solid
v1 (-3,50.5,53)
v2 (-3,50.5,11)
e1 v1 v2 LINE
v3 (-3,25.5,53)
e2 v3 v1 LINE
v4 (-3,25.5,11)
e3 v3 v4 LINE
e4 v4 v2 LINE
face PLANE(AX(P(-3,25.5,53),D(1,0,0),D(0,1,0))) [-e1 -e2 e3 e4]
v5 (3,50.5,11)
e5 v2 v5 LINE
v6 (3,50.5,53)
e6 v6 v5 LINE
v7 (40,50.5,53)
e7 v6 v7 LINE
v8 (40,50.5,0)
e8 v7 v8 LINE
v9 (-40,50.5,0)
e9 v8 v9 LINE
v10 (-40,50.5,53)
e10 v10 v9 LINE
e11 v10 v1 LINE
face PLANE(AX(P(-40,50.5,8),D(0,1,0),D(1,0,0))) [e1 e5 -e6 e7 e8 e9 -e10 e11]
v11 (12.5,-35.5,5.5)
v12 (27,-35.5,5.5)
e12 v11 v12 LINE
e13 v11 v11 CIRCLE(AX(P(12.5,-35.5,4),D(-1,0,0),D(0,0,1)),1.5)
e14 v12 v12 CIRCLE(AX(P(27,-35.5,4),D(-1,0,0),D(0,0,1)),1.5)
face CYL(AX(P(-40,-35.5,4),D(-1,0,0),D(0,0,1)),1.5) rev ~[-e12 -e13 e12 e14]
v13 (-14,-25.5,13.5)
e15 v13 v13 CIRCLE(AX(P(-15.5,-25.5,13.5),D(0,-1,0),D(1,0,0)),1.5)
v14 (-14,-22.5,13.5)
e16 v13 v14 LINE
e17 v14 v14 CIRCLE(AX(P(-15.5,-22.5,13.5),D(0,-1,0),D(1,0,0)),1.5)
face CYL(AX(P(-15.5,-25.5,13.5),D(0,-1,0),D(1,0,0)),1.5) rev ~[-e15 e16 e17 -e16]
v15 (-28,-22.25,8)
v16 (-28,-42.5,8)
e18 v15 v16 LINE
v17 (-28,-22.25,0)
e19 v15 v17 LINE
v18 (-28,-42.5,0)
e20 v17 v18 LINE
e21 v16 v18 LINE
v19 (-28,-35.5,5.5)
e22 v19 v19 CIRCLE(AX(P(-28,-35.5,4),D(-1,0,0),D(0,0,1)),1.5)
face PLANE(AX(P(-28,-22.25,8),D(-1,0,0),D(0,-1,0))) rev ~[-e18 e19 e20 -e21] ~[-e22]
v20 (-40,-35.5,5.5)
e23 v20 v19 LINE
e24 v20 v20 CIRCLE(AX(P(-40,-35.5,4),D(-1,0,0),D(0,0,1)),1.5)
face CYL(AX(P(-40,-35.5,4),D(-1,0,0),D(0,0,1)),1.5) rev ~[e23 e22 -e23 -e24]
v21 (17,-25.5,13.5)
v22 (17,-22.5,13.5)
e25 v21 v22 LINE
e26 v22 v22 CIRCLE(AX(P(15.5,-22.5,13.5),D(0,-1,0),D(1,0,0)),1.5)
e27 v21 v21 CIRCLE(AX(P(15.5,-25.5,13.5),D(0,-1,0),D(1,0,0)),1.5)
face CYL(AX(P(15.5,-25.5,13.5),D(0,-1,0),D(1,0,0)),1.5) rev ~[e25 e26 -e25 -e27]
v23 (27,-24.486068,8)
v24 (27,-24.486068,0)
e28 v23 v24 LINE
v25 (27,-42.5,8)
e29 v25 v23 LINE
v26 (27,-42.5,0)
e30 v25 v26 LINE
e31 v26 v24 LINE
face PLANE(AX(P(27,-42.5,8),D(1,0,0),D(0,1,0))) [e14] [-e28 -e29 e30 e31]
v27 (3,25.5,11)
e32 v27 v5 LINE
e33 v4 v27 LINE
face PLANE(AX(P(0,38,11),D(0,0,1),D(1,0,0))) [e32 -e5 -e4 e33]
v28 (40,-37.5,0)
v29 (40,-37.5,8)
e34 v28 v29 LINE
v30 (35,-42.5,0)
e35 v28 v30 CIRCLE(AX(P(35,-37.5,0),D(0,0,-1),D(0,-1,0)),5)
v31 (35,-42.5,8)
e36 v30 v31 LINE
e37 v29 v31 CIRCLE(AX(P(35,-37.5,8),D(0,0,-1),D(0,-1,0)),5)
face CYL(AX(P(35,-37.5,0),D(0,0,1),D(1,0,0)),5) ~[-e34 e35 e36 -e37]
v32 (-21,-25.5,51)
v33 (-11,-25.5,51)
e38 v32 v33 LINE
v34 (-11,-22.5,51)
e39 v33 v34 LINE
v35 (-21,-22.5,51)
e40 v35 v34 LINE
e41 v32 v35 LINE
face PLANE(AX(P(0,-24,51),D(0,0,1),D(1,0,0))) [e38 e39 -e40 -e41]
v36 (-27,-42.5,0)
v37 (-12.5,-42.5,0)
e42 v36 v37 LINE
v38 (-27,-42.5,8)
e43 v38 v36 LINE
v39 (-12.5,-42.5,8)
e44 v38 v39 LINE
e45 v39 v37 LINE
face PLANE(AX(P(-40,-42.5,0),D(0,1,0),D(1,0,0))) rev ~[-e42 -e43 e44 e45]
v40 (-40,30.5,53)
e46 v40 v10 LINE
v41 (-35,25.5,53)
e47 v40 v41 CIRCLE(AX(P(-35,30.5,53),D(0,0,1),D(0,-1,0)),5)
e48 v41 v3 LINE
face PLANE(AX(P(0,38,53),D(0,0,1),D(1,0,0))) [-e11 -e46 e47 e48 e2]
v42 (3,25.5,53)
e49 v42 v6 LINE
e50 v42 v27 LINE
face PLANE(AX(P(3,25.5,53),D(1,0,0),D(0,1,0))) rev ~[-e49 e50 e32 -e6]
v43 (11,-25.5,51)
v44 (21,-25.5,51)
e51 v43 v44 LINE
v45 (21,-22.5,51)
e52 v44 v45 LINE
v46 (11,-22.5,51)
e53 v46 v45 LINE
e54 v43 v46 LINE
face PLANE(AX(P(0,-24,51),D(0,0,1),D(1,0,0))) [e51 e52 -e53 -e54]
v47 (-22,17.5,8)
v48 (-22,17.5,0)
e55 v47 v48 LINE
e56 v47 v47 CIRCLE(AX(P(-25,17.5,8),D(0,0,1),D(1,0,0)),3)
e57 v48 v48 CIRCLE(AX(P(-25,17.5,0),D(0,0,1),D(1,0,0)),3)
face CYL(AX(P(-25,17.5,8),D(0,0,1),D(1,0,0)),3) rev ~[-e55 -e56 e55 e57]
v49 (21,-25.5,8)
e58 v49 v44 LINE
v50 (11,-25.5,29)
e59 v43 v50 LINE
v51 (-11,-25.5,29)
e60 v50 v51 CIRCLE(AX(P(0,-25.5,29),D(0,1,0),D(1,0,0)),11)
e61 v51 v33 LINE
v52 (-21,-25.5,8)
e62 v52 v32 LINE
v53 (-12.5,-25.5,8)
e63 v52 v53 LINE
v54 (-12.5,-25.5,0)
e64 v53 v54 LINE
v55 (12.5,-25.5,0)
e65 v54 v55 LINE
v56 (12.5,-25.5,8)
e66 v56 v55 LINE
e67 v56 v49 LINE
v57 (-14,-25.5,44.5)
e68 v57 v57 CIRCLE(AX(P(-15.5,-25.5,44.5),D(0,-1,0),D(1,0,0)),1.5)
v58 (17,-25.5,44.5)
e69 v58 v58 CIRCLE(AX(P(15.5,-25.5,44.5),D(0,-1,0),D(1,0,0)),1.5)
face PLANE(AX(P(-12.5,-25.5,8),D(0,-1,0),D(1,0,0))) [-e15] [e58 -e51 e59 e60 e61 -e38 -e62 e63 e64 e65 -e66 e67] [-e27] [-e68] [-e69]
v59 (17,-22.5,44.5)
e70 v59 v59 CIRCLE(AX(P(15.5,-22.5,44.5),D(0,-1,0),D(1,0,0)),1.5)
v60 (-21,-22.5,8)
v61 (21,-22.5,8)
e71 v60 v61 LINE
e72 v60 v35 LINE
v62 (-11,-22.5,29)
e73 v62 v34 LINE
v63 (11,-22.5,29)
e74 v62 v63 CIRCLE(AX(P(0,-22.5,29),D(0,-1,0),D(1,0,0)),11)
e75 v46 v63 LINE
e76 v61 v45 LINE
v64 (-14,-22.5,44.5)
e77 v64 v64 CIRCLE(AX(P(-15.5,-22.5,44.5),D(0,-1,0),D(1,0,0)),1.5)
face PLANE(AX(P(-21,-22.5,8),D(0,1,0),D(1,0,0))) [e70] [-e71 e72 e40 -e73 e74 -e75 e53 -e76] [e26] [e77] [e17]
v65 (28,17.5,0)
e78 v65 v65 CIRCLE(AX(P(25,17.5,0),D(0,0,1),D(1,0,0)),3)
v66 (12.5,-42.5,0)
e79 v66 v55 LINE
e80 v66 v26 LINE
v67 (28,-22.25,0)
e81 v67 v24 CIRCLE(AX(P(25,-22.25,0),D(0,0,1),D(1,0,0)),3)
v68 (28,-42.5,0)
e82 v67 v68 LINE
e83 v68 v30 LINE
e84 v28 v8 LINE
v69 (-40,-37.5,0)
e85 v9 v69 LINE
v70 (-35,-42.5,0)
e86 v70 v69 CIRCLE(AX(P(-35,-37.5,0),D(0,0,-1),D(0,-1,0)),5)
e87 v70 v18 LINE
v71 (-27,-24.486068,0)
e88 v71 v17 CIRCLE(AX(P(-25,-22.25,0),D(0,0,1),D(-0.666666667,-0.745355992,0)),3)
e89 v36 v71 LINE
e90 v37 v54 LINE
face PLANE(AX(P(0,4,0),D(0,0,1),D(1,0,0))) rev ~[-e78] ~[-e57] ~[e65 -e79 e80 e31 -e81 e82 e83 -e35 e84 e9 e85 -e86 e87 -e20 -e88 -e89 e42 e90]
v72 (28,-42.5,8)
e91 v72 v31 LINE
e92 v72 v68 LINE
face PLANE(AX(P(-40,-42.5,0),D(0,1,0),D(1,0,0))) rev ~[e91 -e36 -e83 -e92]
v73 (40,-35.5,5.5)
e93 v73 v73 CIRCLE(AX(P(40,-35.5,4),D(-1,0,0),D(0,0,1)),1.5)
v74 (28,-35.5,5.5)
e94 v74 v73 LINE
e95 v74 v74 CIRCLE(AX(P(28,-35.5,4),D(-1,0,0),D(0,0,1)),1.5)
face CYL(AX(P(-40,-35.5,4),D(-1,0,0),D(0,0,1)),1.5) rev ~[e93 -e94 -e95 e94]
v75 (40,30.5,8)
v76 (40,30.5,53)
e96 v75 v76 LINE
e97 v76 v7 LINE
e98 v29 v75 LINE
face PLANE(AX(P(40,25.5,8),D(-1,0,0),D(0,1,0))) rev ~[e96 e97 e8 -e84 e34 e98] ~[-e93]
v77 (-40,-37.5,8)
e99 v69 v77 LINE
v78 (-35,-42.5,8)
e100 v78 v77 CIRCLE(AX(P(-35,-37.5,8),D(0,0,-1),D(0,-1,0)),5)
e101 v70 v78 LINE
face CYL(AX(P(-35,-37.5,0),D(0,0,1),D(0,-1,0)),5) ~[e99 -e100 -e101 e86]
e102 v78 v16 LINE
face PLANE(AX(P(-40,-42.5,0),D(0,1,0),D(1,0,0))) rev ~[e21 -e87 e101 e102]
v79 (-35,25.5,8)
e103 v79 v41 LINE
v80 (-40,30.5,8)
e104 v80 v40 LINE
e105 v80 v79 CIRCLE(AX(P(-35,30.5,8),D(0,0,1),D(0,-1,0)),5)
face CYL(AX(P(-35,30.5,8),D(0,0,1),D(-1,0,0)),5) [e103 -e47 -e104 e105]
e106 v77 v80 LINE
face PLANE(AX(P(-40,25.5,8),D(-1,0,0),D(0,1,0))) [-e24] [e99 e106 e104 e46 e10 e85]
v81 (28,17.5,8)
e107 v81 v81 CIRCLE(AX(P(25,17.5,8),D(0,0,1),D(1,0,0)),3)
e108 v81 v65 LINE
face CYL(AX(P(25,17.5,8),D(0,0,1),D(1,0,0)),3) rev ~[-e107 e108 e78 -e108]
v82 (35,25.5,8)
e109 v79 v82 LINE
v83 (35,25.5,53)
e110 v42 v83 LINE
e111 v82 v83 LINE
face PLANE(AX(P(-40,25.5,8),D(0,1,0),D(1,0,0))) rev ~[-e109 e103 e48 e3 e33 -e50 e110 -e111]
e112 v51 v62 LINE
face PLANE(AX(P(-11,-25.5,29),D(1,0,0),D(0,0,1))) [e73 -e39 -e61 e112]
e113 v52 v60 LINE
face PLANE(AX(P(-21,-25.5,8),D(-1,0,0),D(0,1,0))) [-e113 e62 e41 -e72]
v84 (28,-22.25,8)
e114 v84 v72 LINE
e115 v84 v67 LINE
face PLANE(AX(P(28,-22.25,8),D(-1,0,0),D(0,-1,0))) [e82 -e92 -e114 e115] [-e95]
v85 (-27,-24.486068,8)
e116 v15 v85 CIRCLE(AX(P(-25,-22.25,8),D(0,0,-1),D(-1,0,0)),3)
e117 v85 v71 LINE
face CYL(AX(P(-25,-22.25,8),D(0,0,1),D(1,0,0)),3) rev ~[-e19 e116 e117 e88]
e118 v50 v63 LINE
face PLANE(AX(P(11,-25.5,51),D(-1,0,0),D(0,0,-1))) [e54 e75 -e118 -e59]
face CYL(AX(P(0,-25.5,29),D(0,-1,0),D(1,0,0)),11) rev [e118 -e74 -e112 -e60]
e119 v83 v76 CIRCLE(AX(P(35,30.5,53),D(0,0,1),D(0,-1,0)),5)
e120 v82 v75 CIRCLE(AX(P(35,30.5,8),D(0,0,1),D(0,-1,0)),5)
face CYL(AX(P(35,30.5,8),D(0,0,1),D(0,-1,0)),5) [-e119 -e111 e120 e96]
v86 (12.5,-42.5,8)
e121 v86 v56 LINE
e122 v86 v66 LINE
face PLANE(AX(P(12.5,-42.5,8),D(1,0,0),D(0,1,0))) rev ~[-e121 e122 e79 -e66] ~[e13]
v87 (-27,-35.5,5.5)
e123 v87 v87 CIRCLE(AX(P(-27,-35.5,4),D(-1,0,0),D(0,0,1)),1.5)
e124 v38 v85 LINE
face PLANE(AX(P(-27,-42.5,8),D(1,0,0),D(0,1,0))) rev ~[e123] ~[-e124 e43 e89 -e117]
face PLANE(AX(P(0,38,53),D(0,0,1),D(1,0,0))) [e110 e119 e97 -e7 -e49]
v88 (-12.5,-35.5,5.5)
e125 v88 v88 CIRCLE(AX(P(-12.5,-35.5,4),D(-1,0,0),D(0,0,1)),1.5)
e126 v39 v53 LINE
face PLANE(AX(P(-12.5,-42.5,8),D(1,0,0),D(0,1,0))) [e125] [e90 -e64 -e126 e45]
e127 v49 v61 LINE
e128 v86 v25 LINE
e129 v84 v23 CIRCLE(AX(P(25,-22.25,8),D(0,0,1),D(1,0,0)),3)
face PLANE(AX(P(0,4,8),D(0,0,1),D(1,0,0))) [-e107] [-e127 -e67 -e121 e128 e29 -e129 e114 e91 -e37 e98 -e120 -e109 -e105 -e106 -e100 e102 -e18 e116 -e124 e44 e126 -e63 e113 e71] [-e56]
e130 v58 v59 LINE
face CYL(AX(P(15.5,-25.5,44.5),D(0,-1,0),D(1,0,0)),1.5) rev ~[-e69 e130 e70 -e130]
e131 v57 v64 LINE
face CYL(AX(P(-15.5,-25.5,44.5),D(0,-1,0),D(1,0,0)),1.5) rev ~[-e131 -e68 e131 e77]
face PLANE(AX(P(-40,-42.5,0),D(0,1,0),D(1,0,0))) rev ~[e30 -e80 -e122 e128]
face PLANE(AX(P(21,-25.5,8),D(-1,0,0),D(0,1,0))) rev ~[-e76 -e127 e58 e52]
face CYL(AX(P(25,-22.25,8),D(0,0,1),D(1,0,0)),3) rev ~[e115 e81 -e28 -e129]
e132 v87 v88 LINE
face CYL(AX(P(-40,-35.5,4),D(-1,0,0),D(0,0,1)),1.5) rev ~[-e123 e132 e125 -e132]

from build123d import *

# Parameters (mm, degrees)
EXTRUDE_1_DEPTH          = 8
SKETCH_3_W               = 42
SKETCH_3_H               = 3
EXTRUDE_2_DEPTH          = 43
CUT_EXTRUDE_1_REACH      = 78
SKETCH_4_R               = 1.5
SKETCH_5_W               = 25
SKETCH_5_H               = 17
CUT_EXTRUDE_2_DEPTH      = 9
SKETCH_7_R               = 3
CUT_EXTRUDE_3_DEPTH      = 9
FILLET_1_R               = 5
CUT_EXTRUDE_4_DEPTH      = 9
SKETCH_9_R               = 1.5
CUT_EXTRUDE_5_DEPTH      = 1
CUT_EXTRUDE_5_DEPTH_BACK = 81
SKETCH_12_W              = 80
SKETCH_12_H              = 25
EXTRUDE_4_DEPTH          = 45
SKETCH_13_W              = 6
SKETCH_13_H              = 25
CUT_EXTRUDE_6_DEPTH      = 42
FILLET_3_R               = 5
FILLET_4_R               = 5


with BuildPart() as part:
    # 草图1 → 凸台-拉伸1 (new body)
    with BuildSketch(Plane.XY):
        Polygon((-40, -42.5), (40, -42.5), (40, 42.5), (40, 50.5), (-40, 50.5), (-40, 42.5), align=None)
    extrude(amount=EXTRUDE_1_DEPTH)

    # 草图3 → 凸台-拉伸2 (add)
    with BuildSketch(Plane.XY.offset(8)):
        with Locations((0, -24)):
            Rectangle(SKETCH_3_W, SKETCH_3_H)
    extrude(amount=EXTRUDE_2_DEPTH)

    # 草图4 → 切除-拉伸1 (cut, up to next)
    with BuildSketch(Plane.XZ.offset(25.5), mode=Mode.PRIVATE) as cut_extrude_1_sk1:
        with Locations((-15.5, 44.5)):
            Circle(SKETCH_4_R)
    cut_extrude_1_tool1 = extrude(cut_extrude_1_sk1.sketch, amount=-CUT_EXTRUDE_1_REACH, mode=Mode.PRIVATE) & part.part
    add(cut_extrude_1_tool1.solids().sort_by_distance((-15.5, -25.5, 44.5))[0], mode=Mode.SUBTRACT)
    # 草图4 → 切除-拉伸1 (cut, up to next)
    with BuildSketch(Plane.XZ.offset(25.5), mode=Mode.PRIVATE) as cut_extrude_1_sk2:
        with Locations((15.5, 44.5)):
            Circle(SKETCH_4_R)
    cut_extrude_1_tool2 = extrude(cut_extrude_1_sk2.sketch, amount=-CUT_EXTRUDE_1_REACH, mode=Mode.PRIVATE) & part.part
    add(cut_extrude_1_tool2.solids().sort_by_distance((15.5, -25.5, 44.5))[0], mode=Mode.SUBTRACT)
    # 草图4 → 切除-拉伸1 (cut, up to next)
    with BuildSketch(Plane.XZ.offset(25.5), mode=Mode.PRIVATE) as cut_extrude_1_sk3:
        with Locations((15.5, 13.5)):
            Circle(SKETCH_4_R)
    cut_extrude_1_tool3 = extrude(cut_extrude_1_sk3.sketch, amount=-CUT_EXTRUDE_1_REACH, mode=Mode.PRIVATE) & part.part
    add(cut_extrude_1_tool3.solids().sort_by_distance((15.5, -25.5, 13.5))[0], mode=Mode.SUBTRACT)
    # 草图4 → 切除-拉伸1 (cut, up to next)
    with BuildSketch(Plane.XZ.offset(25.5), mode=Mode.PRIVATE) as cut_extrude_1_sk4:
        with Locations((-15.5, 13.5)):
            Circle(SKETCH_4_R)
    cut_extrude_1_tool4 = extrude(cut_extrude_1_sk4.sketch, amount=-CUT_EXTRUDE_1_REACH, mode=Mode.PRIVATE) & part.part
    add(cut_extrude_1_tool4.solids().sort_by_distance((-15.5, -25.5, 13.5))[0], mode=Mode.SUBTRACT)
    # 草图4 → 切除-拉伸1 (cut, up to next)
    with BuildSketch(Plane.XZ.offset(25.5), mode=Mode.PRIVATE) as cut_extrude_1_sk5:
        with BuildLine():
            Line((-11, 29), (-11, 51))
            Line((-11, 51), (11, 51))
            Line((11, 51), (11, 29))
            ThreePointArc((11, 29), (0, 18), (-11, 29))
        make_face()
    cut_extrude_1_tool5 = extrude(cut_extrude_1_sk5.sketch, amount=-CUT_EXTRUDE_1_REACH, mode=Mode.PRIVATE) & part.part
    add(cut_extrude_1_tool5.solids().sort_by_distance((0, -25.5, 35.581943))[0], mode=Mode.SUBTRACT)

    # 草图5 → 切除-拉伸2 (cut, through all)
    with BuildSketch(Plane.XY.offset(8)):
        with Locations((0, -34)):
            Rectangle(SKETCH_5_W, SKETCH_5_H)
    extrude(amount=-CUT_EXTRUDE_2_DEPTH, mode=Mode.SUBTRACT)

    # 草图7 → 切除-拉伸3 (cut, through all)
    with BuildSketch(Plane.XY.offset(8)):
        with Locations((-25, 17.5)):
            Circle(SKETCH_7_R)
        with Locations((25, 17.5)):
            Circle(SKETCH_7_R)
        with Locations((-25, -22.25)):
            Circle(SKETCH_7_R)
        with Locations((25, -22.25)):
            Circle(SKETCH_7_R)
    extrude(amount=-CUT_EXTRUDE_3_DEPTH, mode=Mode.SUBTRACT)

    # 圆角1
    fillet_1_edges = [part.edges().sort_by_distance(p)[0] for p in [
        (-40, -42.5, 4),
    ]]
    fillet(fillet_1_edges, radius=FILLET_1_R)

    # 草图8 → 切除-拉伸4 (cut, through all)
    with BuildSketch(Plane.XY.offset(8)):
        with BuildLine():
            Line((-28, -22.25), (-28, -42.5))
            Line((-28, -42.5), (-27, -42.5))
            Line((-27, -42.5), (-27, -24.486067977))
            ThreePointArc((-27, -24.486067977), (-27.738612788, -23.474744871), (-28, -22.25))
        make_face()
        with BuildLine():
            Line((28, -42.5), (27, -42.5))
            Line((27, -42.5), (27, -24.486067977))
            ThreePointArc((27, -24.486067977), (27.738612788, -23.474744871), (28, -22.25))
            Line((28, -22.25), (28, -42.5))
        make_face()
    extrude(amount=-CUT_EXTRUDE_4_DEPTH, mode=Mode.SUBTRACT)

    # 草图9 → 切除-拉伸5 (cut, two sides)
    with BuildSketch(Plane.ZY.offset(40)) as cut_extrude_5_sk:
        with Locations((4, -35.5)):
            Circle(SKETCH_9_R)
    extrude(amount=CUT_EXTRUDE_5_DEPTH, mode=Mode.SUBTRACT)
    extrude(cut_extrude_5_sk.sketch, amount=-CUT_EXTRUDE_5_DEPTH_BACK, mode=Mode.SUBTRACT)

    # 草图12 → 凸台-拉伸4 (add)
    with BuildSketch(Plane.XY.offset(8)):
        with Locations((0, 38)):
            Rectangle(SKETCH_12_W, SKETCH_12_H)
    extrude(amount=EXTRUDE_4_DEPTH)

    # 草图13 → 切除-拉伸6 (cut)
    with BuildSketch(Plane.XY.offset(53)):
        with Locations((0, 38)):
            Rectangle(SKETCH_13_W, SKETCH_13_H)
    extrude(amount=-CUT_EXTRUDE_6_DEPTH, mode=Mode.SUBTRACT)

    # 圆角3
    fillet_3_edges = [part.edges().sort_by_distance(p)[0] for p in [
        (-40, 25.5, 30.5),
        (40, 25.5, 30.5),
    ]]
    fillet(fillet_3_edges, radius=FILLET_3_R)

    # 圆角4
    fillet_4_edges = [part.edges().sort_by_distance(p)[0] for p in [
        (40, -42.5, 4),
    ]]
    fillet(fillet_4_edges, radius=FILLET_4_R)


solid = part.part
